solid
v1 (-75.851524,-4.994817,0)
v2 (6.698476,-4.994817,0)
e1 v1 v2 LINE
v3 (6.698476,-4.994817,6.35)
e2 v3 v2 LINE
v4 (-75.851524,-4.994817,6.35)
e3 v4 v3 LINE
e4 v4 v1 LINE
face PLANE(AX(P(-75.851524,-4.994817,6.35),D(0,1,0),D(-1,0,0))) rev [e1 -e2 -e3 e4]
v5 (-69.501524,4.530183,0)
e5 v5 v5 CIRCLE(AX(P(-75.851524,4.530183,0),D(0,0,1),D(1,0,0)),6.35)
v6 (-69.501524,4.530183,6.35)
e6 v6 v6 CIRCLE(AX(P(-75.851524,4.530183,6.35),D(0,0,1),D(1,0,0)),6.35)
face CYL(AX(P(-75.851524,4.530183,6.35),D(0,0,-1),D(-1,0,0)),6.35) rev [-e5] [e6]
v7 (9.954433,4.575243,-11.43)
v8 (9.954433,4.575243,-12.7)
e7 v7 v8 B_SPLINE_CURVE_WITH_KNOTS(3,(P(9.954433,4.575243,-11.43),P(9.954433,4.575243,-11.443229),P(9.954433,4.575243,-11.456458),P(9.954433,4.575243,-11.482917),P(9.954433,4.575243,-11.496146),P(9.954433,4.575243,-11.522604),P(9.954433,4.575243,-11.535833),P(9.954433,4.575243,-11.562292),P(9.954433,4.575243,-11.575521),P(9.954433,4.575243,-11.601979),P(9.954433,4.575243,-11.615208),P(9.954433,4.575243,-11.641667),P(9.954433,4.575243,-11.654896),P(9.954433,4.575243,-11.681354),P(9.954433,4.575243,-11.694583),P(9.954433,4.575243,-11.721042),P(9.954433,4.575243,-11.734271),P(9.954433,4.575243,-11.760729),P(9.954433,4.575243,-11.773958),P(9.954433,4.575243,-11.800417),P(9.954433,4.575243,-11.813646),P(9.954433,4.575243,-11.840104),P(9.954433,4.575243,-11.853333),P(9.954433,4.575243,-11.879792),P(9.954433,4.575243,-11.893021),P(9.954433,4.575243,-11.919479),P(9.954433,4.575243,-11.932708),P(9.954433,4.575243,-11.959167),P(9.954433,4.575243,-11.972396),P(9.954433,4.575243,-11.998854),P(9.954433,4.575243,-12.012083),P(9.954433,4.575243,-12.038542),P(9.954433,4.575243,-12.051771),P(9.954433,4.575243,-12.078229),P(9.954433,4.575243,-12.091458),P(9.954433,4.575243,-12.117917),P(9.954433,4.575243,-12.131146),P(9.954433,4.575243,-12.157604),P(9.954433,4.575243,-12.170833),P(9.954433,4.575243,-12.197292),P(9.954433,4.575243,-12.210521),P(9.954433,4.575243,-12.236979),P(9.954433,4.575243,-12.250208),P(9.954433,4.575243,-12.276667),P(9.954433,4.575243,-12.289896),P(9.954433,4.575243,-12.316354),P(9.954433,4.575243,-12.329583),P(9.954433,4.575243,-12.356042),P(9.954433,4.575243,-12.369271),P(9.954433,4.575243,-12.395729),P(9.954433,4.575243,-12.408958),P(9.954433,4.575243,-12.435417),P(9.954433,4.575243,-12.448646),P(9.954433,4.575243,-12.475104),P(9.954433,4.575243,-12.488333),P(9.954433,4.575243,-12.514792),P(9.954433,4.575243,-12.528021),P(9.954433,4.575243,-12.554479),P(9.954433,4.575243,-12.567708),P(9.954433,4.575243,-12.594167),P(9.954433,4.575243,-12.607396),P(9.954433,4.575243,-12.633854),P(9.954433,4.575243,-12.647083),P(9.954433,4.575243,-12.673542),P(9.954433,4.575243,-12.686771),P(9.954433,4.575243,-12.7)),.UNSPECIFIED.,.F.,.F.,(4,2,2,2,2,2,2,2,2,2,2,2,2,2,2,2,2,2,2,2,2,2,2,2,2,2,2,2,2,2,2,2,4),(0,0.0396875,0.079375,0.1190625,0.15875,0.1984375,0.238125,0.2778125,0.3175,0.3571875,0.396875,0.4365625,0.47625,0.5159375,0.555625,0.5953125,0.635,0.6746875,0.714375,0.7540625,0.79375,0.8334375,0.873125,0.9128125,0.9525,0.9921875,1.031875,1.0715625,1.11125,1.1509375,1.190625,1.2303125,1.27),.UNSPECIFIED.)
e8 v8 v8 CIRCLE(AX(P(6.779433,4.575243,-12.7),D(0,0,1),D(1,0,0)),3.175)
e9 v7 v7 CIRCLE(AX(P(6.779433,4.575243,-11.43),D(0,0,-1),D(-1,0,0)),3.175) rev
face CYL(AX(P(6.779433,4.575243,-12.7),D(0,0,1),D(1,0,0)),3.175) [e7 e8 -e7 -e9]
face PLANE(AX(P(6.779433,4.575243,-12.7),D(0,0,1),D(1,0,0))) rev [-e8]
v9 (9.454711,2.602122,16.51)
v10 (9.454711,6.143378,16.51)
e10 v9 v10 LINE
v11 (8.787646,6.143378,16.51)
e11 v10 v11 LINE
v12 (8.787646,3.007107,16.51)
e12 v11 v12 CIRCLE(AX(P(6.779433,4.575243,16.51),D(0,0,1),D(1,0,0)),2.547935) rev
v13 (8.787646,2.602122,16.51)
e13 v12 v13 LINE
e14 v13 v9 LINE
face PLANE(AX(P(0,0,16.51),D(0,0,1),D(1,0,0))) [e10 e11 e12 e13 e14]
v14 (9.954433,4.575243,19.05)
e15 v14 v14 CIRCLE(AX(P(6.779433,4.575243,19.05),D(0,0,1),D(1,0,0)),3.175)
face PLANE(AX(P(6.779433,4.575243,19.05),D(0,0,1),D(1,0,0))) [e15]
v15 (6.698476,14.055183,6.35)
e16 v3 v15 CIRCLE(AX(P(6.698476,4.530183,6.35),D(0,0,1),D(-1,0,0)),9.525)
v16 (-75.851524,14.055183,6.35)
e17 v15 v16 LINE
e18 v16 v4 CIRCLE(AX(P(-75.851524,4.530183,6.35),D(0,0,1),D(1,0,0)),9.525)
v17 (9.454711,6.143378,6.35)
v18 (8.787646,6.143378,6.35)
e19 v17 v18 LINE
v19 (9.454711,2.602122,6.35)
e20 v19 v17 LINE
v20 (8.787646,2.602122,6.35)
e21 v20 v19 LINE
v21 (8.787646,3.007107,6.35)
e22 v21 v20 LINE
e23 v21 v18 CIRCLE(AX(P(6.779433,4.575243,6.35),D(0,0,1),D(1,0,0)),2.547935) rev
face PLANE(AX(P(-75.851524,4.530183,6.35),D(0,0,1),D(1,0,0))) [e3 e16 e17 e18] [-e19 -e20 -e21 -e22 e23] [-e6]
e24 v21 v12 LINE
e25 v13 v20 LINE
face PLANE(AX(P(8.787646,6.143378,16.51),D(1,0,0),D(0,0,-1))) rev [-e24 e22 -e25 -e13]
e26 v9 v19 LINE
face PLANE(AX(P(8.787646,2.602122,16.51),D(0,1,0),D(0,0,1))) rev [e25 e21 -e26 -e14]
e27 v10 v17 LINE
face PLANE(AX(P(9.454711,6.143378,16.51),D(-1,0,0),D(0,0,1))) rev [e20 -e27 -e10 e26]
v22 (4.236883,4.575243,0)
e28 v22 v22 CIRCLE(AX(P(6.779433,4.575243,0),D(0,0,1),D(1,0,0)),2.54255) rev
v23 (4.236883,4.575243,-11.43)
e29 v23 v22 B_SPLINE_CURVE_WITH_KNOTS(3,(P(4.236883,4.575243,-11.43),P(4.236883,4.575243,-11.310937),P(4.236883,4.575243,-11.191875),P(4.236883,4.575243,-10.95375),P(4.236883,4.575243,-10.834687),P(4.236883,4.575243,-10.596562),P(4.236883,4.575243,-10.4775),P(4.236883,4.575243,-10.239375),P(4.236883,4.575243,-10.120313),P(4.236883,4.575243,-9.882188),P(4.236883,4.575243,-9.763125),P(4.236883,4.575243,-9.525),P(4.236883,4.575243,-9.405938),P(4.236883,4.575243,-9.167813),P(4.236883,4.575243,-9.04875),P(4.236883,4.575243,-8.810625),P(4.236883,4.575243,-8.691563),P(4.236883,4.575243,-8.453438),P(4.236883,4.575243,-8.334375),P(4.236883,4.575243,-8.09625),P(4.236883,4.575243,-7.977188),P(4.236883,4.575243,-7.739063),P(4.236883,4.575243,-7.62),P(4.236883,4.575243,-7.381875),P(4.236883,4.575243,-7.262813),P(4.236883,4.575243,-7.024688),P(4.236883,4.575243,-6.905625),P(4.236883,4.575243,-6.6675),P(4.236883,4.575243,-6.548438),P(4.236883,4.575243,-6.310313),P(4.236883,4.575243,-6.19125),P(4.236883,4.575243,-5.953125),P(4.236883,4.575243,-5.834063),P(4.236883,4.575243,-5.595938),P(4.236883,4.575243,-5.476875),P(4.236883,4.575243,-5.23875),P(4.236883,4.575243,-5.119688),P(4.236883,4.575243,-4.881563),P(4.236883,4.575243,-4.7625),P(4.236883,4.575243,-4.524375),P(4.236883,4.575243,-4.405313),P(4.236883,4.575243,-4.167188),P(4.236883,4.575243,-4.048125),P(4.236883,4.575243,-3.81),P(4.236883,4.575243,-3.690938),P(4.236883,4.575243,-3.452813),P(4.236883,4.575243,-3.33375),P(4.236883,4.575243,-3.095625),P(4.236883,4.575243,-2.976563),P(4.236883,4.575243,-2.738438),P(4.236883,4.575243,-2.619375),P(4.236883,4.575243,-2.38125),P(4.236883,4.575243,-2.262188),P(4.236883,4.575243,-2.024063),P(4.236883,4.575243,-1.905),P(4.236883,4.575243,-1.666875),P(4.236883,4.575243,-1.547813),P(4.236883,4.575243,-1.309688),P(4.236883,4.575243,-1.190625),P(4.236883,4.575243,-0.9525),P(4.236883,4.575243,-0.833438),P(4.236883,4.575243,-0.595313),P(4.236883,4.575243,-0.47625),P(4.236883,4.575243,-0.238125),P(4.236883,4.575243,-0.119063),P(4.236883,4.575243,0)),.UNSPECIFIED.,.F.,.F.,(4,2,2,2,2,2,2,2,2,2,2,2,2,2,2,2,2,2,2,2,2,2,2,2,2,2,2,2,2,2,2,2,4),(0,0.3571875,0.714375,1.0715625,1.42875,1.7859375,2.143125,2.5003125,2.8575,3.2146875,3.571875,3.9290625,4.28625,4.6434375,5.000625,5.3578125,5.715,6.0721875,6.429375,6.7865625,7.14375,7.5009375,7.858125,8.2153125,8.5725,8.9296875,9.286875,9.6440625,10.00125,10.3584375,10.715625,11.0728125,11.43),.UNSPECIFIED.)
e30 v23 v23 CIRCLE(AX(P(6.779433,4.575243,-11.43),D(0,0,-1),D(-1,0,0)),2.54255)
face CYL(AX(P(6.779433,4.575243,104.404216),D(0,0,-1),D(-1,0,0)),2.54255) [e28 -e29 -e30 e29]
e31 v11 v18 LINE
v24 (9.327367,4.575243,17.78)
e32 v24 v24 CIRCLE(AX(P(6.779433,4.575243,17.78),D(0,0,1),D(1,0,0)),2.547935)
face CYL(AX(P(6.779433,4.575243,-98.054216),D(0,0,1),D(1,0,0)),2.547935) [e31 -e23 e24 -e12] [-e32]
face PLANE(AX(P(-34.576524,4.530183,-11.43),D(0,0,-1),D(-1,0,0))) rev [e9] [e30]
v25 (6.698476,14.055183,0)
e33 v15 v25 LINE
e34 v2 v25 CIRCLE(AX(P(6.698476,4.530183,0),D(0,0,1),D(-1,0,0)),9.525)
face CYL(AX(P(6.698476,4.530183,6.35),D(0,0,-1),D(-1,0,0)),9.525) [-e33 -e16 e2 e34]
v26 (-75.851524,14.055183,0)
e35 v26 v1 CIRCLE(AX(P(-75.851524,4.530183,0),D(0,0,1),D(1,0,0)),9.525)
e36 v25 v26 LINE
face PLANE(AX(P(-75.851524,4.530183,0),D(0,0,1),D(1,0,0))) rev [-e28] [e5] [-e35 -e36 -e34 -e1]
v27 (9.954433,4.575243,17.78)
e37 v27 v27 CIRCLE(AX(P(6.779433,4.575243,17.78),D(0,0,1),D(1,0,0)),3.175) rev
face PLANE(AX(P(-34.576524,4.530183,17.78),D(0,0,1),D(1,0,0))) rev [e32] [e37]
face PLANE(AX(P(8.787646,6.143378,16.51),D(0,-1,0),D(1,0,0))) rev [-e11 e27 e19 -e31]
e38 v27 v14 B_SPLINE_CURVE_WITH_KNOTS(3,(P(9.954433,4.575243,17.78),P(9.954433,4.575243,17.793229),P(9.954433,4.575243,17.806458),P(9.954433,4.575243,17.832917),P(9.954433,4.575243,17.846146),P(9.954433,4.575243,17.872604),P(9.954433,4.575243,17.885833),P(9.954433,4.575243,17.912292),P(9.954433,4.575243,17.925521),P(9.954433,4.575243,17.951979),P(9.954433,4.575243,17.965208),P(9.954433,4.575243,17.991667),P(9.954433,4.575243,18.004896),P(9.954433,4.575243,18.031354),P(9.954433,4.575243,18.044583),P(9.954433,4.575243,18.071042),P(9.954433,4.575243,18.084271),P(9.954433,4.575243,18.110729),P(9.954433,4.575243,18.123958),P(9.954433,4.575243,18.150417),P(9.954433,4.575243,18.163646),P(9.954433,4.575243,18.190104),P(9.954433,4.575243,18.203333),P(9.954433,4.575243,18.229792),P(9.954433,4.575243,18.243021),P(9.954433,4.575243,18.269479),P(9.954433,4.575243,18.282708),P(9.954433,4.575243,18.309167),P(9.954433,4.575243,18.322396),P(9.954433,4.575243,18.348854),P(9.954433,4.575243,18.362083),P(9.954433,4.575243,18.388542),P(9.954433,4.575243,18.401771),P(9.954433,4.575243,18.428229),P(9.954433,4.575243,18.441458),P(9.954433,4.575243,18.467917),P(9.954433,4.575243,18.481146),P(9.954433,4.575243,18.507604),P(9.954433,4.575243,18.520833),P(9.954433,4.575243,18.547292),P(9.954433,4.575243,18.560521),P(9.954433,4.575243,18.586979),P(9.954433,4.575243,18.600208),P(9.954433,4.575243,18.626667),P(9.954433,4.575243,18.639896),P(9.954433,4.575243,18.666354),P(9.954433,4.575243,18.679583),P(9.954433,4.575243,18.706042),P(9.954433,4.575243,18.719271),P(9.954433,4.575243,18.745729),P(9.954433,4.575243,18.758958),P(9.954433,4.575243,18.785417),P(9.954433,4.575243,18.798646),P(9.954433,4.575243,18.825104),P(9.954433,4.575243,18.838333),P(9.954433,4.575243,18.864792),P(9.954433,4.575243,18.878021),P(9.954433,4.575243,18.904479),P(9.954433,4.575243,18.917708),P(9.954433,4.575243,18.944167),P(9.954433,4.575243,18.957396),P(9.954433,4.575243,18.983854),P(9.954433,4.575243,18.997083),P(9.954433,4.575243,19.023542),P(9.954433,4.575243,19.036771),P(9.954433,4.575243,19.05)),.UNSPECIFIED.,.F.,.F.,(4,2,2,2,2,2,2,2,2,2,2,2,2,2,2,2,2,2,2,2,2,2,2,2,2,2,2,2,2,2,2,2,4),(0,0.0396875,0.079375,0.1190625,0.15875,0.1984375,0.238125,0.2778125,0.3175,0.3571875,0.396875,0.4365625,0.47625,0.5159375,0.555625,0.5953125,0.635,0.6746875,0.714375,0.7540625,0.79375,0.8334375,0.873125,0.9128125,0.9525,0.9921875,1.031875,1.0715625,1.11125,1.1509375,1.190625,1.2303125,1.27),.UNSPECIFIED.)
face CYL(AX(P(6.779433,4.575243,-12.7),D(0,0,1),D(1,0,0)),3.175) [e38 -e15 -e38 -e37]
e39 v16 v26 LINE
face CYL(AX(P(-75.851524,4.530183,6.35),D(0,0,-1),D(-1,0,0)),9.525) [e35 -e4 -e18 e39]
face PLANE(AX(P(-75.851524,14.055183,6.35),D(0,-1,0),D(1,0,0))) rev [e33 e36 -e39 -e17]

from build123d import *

# Parameters (mm, degrees)
SKETCH1_R                = 6.35
BOSS_EXTRUDE1_DEPTH      = 6.35
BOSS_EXTRUDE2_DEPTH      = 12.7
BOSS_EXTRUDE2_DEPTH_BACK = 19.05
SKETCH2_R                = 3.175
CUT_EXTRUDE1_START       = -1.27
SKETCH9_OUTSIDE_W        = 125.228
SKETCH9_OUTSIDE_H        = 42.678
SKETCH9_OUTSIDE_R        = 2.547934527
CUT_EXTRUDE1_DEPTH       = 11.43
CUT_EXTRUDE2_START       = -1.27
SKETCH10_OUTSIDE_W       = 125.228
SKETCH10_OUTSIDE_H       = 42.678
SKETCH10_OUTSIDE_R       = 2.542549773
CUT_EXTRUDE2_DEPTH       = 11.43
SKETCH11_W               = 0.667064712
SKETCH11_H               = 3.541255891
BOSS_EXTRUDE3_DEPTH      = 10.16


with BuildPart() as part:
    # Sketch1 → Boss-Extrude1 (new body)
    with BuildSketch(Plane.XY):
        with BuildLine():
            Line((-75.85152439, 14.055182927), (6.69847561, 14.055182927))
            ThreePointArc((6.69847561, 14.055182927), (16.22347561, 4.530182927), (6.69847561, -4.994817073))
            Line((6.69847561, -4.994817073), (-75.85152439, -4.994817073))
            ThreePointArc((-75.85152439, -4.994817073), (-85.37652439, 4.530182927), (-75.85152439, 14.055182927))
        make_face()
        with Locations((-75.85152439, 4.530182927)):
            Circle(SKETCH1_R, mode=Mode.SUBTRACT)
    extrude(amount=BOSS_EXTRUDE1_DEPTH)

    # Sketch2 → Boss-Extrude2 (add, two sides: drawn at the far end of the back side and taken through both)
    with BuildSketch(Plane.XY.offset(6.35).offset(-BOSS_EXTRUDE2_DEPTH_BACK)):
        with Locations((6.779432591, 4.575242679)):
            Circle(SKETCH2_R)
    extrude(amount=BOSS_EXTRUDE2_DEPTH + BOSS_EXTRUDE2_DEPTH_BACK)

    # Sketch9 outside → Cut-Extrude1 (cut)
    with BuildSketch(Plane.XY.offset(19.05).offset(CUT_EXTRUDE1_START)):
        with Locations((-34.577, 4.53)):
            Rectangle(SKETCH9_OUTSIDE_W, SKETCH9_OUTSIDE_H)
        with Locations((6.779432591, 4.575242679)):
            Circle(SKETCH9_OUTSIDE_R, mode=Mode.SUBTRACT)
    extrude(amount=-CUT_EXTRUDE1_DEPTH, mode=Mode.SUBTRACT)

    # Sketch10 outside → Cut-Extrude2 (cut)
    with BuildSketch(Plane(origin=(0, 0, -12.7), x_dir=(-1, 0, 0), z_dir=(0, 0, -1)).offset(CUT_EXTRUDE2_START)):
        with Locations((34.577, 4.53)):
            Rectangle(SKETCH10_OUTSIDE_W, SKETCH10_OUTSIDE_H)
        with Locations((-6.779432591, 4.575242679)):
            Circle(SKETCH10_OUTSIDE_R, mode=Mode.SUBTRACT)
    extrude(amount=-CUT_EXTRUDE2_DEPTH, mode=Mode.SUBTRACT)

    # Sketch11 → Boss-Extrude3 (add)
    with BuildSketch(Plane.XY.offset(6.35)):
        with Locations((9.121178525, 4.372750116)):
            Rectangle(SKETCH11_W, SKETCH11_H)
    extrude(amount=BOSS_EXTRUDE3_DEPTH)


solid = part.part
